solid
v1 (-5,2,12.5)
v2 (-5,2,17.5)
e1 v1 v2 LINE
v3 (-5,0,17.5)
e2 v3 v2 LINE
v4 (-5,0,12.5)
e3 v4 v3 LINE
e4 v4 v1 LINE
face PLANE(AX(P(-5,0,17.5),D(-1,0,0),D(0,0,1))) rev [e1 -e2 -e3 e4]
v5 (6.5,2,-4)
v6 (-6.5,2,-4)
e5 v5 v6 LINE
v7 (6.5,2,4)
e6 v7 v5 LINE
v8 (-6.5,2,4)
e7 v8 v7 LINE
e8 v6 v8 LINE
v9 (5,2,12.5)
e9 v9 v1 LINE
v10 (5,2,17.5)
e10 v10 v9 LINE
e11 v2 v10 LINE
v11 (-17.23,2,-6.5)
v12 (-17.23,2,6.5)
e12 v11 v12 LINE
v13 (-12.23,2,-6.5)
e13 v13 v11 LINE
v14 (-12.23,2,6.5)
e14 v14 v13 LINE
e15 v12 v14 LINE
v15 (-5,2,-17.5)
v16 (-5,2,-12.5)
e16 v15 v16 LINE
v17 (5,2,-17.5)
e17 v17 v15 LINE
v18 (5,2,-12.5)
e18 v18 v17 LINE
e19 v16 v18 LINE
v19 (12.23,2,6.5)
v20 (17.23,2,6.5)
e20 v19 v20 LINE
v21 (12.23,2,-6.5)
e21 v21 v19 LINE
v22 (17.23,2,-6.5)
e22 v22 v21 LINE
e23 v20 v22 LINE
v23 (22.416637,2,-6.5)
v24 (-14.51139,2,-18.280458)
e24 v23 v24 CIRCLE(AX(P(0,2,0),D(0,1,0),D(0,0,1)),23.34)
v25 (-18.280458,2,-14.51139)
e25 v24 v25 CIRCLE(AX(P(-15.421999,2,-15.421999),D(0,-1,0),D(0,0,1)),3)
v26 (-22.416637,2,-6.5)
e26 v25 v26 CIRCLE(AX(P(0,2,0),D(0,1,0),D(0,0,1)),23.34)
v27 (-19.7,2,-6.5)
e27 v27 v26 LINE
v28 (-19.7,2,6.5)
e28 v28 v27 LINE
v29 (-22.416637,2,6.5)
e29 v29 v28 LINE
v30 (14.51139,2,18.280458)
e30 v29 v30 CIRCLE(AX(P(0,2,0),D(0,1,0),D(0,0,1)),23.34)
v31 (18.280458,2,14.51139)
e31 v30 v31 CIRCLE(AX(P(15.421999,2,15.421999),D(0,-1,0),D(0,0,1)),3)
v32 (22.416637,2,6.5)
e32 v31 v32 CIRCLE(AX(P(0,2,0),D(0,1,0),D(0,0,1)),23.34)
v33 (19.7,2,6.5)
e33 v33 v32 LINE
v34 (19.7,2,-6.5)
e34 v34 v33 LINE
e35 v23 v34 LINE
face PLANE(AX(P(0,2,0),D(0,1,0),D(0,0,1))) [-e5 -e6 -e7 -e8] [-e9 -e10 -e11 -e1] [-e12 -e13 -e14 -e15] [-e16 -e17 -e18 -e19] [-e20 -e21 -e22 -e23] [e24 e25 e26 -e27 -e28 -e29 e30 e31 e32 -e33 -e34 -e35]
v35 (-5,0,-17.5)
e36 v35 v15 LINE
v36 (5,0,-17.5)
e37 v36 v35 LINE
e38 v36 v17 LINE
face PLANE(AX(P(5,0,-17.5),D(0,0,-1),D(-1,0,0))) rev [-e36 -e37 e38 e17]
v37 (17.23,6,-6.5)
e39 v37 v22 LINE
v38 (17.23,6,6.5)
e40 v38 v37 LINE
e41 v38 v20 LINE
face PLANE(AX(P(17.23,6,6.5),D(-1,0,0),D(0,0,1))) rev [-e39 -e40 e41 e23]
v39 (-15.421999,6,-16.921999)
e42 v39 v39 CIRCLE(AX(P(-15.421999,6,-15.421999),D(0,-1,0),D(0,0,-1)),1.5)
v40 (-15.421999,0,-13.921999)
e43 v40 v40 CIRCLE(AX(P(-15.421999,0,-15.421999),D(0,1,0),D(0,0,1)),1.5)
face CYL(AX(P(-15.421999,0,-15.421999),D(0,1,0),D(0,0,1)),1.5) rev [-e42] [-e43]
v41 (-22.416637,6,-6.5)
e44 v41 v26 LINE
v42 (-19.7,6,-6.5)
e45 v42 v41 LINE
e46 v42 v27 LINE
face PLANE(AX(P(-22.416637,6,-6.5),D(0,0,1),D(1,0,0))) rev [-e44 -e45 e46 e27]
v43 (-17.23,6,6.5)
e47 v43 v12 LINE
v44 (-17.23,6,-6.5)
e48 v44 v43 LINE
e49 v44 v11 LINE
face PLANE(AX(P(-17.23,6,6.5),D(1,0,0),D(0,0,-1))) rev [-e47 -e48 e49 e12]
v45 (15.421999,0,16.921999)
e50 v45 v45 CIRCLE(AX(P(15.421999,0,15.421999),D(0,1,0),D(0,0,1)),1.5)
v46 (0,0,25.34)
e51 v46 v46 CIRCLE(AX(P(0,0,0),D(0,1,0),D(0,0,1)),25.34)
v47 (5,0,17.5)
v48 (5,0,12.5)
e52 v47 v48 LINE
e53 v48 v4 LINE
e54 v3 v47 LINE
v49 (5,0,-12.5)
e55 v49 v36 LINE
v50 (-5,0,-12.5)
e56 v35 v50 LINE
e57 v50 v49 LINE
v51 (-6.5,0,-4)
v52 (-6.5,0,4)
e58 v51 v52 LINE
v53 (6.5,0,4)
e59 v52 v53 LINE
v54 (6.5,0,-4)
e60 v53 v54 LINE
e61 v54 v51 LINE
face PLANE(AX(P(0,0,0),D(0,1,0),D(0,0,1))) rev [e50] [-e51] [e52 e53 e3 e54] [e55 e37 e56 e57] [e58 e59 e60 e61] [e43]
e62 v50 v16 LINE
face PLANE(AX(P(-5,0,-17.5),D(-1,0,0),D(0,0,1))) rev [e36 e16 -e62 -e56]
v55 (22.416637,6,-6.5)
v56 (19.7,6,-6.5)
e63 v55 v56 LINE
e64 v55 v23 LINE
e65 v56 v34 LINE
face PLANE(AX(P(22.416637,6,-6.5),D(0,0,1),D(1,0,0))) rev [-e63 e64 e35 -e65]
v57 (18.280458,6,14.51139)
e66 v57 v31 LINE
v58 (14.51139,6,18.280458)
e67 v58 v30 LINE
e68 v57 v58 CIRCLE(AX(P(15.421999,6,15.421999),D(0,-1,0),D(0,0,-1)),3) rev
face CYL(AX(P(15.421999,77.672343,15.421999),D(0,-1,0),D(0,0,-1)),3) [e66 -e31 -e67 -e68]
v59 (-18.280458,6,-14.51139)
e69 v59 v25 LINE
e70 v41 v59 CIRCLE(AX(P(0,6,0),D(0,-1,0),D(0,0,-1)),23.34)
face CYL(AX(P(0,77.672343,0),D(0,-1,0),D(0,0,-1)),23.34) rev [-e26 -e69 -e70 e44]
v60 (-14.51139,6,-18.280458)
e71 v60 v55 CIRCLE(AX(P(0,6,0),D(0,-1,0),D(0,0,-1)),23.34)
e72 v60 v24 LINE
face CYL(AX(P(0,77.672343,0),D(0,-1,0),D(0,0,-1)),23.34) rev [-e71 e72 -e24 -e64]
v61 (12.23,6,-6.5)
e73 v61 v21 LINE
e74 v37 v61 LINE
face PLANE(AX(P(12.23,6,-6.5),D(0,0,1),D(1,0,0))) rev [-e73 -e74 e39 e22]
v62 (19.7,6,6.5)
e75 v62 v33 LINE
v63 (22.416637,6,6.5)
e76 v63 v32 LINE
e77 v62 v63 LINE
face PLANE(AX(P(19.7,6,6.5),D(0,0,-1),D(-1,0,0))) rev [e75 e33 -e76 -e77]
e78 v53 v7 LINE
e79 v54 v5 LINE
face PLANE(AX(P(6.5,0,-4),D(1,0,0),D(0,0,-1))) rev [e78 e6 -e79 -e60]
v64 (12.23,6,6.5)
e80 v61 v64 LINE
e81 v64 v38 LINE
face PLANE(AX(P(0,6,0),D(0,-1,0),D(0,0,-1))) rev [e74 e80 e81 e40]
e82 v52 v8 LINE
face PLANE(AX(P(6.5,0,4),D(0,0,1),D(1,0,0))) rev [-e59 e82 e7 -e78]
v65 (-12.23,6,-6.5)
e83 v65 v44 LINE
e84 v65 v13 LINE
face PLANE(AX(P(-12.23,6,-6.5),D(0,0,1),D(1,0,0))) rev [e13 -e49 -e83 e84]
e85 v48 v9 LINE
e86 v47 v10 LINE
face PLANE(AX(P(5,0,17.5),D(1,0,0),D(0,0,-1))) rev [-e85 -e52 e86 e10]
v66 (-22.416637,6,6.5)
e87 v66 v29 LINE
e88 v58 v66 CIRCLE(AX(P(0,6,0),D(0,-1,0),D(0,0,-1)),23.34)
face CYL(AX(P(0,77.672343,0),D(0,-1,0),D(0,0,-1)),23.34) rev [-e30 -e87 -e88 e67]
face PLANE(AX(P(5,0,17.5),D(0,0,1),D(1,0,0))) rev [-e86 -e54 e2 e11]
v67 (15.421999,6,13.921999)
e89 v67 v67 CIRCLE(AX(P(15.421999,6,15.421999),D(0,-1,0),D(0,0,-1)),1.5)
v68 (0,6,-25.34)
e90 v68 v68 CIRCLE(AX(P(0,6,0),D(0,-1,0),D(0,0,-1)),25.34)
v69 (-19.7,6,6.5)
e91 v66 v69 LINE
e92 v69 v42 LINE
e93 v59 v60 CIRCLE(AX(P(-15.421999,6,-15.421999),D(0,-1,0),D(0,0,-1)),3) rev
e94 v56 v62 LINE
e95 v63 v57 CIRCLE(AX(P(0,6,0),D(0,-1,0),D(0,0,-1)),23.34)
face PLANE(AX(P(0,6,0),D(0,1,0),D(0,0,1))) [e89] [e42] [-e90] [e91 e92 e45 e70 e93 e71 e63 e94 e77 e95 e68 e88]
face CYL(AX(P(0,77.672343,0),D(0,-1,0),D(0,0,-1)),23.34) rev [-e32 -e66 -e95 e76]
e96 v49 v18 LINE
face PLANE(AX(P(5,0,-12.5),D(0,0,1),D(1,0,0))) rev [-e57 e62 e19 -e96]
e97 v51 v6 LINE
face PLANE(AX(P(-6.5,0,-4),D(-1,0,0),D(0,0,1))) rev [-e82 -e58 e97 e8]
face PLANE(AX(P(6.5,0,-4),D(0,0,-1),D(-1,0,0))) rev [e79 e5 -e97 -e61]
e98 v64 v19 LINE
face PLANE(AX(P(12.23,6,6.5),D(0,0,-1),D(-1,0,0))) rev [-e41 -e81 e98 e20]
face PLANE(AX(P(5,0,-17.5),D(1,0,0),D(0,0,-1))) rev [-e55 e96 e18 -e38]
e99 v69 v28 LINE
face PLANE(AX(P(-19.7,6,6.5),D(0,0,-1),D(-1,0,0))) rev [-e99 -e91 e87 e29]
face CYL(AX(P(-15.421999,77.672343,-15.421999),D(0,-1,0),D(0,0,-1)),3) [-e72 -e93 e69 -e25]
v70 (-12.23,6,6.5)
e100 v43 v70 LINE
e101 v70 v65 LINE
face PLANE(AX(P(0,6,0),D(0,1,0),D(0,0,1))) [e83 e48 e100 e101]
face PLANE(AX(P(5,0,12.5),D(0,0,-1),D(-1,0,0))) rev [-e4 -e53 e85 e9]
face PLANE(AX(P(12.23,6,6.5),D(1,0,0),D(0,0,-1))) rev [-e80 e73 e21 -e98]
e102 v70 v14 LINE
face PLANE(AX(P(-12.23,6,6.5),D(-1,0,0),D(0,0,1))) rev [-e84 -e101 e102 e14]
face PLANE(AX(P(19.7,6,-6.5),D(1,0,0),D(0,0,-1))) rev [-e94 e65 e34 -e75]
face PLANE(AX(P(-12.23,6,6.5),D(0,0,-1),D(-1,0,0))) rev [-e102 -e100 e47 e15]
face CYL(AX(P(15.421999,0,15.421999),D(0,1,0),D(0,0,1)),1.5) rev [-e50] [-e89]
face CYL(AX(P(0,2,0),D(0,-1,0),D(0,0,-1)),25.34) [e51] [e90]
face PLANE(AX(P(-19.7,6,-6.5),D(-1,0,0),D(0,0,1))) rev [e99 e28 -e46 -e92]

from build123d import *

# Parameters (mm, degrees)
SKETCH1_R           = 25.34
BOSS_EXTRUDE1_DEPTH = 2
SKETCH2_W           = 5
SKETCH2_H           = 13
BOSS_EXTRUDE2_DEPTH = 4
SKETCH3_R           = 1.5
CUT_EXTRUDE1_DEPTH  = 3
SKETCH4_W           = 10
SKETCH4_H           = 5
SKETCH4_W_2         = 13
SKETCH4_H_2         = 8
CUT_EXTRUDE2_DEPTH  = 3
SKETCH7_R           = 25.34
SKETCH7_R_2         = 1.5
BOSS_EXTRUDE3_DEPTH = 4


with BuildPart() as part:
    # Sketch1 → Boss-Extrude1 (new body)
    with BuildSketch(Plane(origin=(0, 0, 0), x_dir=(1, 0, 0), z_dir=(0, 1, 0))):
        Circle(SKETCH1_R)
    extrude(amount=BOSS_EXTRUDE1_DEPTH)

    # Sketch2 → Boss-Extrude2 (add)
    with BuildSketch(Plane(origin=(0, 2, 0), x_dir=(1, 0, 0), z_dir=(0, 1, 0))):
        with Locations((14.73, 0)):
            Rectangle(SKETCH2_W, SKETCH2_H)
        with BuildLine():
            Line((22.416636679, 6.5), (19.7, 6.5))
            Line((19.7, 6.5), (19.7, -6.5))
            Line((19.7, -6.5), (22.416636679, -6.5))
            ThreePointArc((22.416636679, -6.5), (23.34, 0), (22.416636679, 6.5))
        make_face()
        with BuildLine():
            Line((-19.7, -6.5), (-22.416636679, -6.5))
            ThreePointArc((-22.416636679, -6.5), (-23.34, 0), (-22.416636679, 6.5))
            Line((-22.416636679, 6.5), (-19.7, 6.5))
            Line((-19.7, 6.5), (-19.7, -6.5))
        make_face()
        with Locations((-14.73, 0)):
            Rectangle(SKETCH2_W, SKETCH2_H)
    extrude(amount=BOSS_EXTRUDE2_DEPTH)

    # Sketch3 → Cut-Extrude1 (cut, through all)
    with BuildSketch(Plane(origin=(0, 2, 0), x_dir=(1, 0, 0), z_dir=(0, 1, 0))):
        with Locations((-15.421998898, 15.421998898)):
            Circle(SKETCH3_R)
        with Locations((15.421998898, -15.421998898)):
            Circle(SKETCH3_R)
    extrude(amount=-CUT_EXTRUDE1_DEPTH, mode=Mode.SUBTRACT)

    # Sketch4 → Cut-Extrude2 (cut, through all)
    with BuildSketch(Plane(origin=(0, 2, 0), x_dir=(1, 0, 0), z_dir=(0, 1, 0))):
        with Locations((0, 15)):
            Rectangle(SKETCH4_W, SKETCH4_H)
        with Locations((0, -15)):
            Rectangle(SKETCH4_W, SKETCH4_H)
        Rectangle(SKETCH4_W_2, SKETCH4_H_2)
    extrude(amount=-CUT_EXTRUDE2_DEPTH, mode=Mode.SUBTRACT)

    # Sketch7 → Boss-Extrude3 (add)
    with BuildSketch(Plane(origin=(0, 2, 0), x_dir=(1, 0, 0), z_dir=(0, 1, 0))):
        Circle(SKETCH7_R)
        with Locations((-15.421998898, 15.421998898)):
            Circle(SKETCH7_R_2, mode=Mode.SUBTRACT)
        with Locations((15.421998898, -15.421998898)):
            Circle(SKETCH7_R_2, mode=Mode.SUBTRACT)
        with BuildLine():
            ThreePointArc((18.280458496, -14.511389912), (13.300678554, -13.300678554), (14.511389912, -18.280458496))
            ThreePointArc((14.511389912, -18.280458496), (-16.503872273, -16.503872273), (-18.280458496, 14.511389912))
            ThreePointArc((-18.280458496, 14.511389912), (-13.300678554, 13.300678554), (-14.511389912, 18.280458496))
            ThreePointArc((-14.511389912, 18.280458496), (16.503872273, 16.503872273), (18.280458496, -14.511389912))
        make_face(mode=Mode.SUBTRACT)
    extrude(amount=BOSS_EXTRUDE3_DEPTH)


solid = part.part
